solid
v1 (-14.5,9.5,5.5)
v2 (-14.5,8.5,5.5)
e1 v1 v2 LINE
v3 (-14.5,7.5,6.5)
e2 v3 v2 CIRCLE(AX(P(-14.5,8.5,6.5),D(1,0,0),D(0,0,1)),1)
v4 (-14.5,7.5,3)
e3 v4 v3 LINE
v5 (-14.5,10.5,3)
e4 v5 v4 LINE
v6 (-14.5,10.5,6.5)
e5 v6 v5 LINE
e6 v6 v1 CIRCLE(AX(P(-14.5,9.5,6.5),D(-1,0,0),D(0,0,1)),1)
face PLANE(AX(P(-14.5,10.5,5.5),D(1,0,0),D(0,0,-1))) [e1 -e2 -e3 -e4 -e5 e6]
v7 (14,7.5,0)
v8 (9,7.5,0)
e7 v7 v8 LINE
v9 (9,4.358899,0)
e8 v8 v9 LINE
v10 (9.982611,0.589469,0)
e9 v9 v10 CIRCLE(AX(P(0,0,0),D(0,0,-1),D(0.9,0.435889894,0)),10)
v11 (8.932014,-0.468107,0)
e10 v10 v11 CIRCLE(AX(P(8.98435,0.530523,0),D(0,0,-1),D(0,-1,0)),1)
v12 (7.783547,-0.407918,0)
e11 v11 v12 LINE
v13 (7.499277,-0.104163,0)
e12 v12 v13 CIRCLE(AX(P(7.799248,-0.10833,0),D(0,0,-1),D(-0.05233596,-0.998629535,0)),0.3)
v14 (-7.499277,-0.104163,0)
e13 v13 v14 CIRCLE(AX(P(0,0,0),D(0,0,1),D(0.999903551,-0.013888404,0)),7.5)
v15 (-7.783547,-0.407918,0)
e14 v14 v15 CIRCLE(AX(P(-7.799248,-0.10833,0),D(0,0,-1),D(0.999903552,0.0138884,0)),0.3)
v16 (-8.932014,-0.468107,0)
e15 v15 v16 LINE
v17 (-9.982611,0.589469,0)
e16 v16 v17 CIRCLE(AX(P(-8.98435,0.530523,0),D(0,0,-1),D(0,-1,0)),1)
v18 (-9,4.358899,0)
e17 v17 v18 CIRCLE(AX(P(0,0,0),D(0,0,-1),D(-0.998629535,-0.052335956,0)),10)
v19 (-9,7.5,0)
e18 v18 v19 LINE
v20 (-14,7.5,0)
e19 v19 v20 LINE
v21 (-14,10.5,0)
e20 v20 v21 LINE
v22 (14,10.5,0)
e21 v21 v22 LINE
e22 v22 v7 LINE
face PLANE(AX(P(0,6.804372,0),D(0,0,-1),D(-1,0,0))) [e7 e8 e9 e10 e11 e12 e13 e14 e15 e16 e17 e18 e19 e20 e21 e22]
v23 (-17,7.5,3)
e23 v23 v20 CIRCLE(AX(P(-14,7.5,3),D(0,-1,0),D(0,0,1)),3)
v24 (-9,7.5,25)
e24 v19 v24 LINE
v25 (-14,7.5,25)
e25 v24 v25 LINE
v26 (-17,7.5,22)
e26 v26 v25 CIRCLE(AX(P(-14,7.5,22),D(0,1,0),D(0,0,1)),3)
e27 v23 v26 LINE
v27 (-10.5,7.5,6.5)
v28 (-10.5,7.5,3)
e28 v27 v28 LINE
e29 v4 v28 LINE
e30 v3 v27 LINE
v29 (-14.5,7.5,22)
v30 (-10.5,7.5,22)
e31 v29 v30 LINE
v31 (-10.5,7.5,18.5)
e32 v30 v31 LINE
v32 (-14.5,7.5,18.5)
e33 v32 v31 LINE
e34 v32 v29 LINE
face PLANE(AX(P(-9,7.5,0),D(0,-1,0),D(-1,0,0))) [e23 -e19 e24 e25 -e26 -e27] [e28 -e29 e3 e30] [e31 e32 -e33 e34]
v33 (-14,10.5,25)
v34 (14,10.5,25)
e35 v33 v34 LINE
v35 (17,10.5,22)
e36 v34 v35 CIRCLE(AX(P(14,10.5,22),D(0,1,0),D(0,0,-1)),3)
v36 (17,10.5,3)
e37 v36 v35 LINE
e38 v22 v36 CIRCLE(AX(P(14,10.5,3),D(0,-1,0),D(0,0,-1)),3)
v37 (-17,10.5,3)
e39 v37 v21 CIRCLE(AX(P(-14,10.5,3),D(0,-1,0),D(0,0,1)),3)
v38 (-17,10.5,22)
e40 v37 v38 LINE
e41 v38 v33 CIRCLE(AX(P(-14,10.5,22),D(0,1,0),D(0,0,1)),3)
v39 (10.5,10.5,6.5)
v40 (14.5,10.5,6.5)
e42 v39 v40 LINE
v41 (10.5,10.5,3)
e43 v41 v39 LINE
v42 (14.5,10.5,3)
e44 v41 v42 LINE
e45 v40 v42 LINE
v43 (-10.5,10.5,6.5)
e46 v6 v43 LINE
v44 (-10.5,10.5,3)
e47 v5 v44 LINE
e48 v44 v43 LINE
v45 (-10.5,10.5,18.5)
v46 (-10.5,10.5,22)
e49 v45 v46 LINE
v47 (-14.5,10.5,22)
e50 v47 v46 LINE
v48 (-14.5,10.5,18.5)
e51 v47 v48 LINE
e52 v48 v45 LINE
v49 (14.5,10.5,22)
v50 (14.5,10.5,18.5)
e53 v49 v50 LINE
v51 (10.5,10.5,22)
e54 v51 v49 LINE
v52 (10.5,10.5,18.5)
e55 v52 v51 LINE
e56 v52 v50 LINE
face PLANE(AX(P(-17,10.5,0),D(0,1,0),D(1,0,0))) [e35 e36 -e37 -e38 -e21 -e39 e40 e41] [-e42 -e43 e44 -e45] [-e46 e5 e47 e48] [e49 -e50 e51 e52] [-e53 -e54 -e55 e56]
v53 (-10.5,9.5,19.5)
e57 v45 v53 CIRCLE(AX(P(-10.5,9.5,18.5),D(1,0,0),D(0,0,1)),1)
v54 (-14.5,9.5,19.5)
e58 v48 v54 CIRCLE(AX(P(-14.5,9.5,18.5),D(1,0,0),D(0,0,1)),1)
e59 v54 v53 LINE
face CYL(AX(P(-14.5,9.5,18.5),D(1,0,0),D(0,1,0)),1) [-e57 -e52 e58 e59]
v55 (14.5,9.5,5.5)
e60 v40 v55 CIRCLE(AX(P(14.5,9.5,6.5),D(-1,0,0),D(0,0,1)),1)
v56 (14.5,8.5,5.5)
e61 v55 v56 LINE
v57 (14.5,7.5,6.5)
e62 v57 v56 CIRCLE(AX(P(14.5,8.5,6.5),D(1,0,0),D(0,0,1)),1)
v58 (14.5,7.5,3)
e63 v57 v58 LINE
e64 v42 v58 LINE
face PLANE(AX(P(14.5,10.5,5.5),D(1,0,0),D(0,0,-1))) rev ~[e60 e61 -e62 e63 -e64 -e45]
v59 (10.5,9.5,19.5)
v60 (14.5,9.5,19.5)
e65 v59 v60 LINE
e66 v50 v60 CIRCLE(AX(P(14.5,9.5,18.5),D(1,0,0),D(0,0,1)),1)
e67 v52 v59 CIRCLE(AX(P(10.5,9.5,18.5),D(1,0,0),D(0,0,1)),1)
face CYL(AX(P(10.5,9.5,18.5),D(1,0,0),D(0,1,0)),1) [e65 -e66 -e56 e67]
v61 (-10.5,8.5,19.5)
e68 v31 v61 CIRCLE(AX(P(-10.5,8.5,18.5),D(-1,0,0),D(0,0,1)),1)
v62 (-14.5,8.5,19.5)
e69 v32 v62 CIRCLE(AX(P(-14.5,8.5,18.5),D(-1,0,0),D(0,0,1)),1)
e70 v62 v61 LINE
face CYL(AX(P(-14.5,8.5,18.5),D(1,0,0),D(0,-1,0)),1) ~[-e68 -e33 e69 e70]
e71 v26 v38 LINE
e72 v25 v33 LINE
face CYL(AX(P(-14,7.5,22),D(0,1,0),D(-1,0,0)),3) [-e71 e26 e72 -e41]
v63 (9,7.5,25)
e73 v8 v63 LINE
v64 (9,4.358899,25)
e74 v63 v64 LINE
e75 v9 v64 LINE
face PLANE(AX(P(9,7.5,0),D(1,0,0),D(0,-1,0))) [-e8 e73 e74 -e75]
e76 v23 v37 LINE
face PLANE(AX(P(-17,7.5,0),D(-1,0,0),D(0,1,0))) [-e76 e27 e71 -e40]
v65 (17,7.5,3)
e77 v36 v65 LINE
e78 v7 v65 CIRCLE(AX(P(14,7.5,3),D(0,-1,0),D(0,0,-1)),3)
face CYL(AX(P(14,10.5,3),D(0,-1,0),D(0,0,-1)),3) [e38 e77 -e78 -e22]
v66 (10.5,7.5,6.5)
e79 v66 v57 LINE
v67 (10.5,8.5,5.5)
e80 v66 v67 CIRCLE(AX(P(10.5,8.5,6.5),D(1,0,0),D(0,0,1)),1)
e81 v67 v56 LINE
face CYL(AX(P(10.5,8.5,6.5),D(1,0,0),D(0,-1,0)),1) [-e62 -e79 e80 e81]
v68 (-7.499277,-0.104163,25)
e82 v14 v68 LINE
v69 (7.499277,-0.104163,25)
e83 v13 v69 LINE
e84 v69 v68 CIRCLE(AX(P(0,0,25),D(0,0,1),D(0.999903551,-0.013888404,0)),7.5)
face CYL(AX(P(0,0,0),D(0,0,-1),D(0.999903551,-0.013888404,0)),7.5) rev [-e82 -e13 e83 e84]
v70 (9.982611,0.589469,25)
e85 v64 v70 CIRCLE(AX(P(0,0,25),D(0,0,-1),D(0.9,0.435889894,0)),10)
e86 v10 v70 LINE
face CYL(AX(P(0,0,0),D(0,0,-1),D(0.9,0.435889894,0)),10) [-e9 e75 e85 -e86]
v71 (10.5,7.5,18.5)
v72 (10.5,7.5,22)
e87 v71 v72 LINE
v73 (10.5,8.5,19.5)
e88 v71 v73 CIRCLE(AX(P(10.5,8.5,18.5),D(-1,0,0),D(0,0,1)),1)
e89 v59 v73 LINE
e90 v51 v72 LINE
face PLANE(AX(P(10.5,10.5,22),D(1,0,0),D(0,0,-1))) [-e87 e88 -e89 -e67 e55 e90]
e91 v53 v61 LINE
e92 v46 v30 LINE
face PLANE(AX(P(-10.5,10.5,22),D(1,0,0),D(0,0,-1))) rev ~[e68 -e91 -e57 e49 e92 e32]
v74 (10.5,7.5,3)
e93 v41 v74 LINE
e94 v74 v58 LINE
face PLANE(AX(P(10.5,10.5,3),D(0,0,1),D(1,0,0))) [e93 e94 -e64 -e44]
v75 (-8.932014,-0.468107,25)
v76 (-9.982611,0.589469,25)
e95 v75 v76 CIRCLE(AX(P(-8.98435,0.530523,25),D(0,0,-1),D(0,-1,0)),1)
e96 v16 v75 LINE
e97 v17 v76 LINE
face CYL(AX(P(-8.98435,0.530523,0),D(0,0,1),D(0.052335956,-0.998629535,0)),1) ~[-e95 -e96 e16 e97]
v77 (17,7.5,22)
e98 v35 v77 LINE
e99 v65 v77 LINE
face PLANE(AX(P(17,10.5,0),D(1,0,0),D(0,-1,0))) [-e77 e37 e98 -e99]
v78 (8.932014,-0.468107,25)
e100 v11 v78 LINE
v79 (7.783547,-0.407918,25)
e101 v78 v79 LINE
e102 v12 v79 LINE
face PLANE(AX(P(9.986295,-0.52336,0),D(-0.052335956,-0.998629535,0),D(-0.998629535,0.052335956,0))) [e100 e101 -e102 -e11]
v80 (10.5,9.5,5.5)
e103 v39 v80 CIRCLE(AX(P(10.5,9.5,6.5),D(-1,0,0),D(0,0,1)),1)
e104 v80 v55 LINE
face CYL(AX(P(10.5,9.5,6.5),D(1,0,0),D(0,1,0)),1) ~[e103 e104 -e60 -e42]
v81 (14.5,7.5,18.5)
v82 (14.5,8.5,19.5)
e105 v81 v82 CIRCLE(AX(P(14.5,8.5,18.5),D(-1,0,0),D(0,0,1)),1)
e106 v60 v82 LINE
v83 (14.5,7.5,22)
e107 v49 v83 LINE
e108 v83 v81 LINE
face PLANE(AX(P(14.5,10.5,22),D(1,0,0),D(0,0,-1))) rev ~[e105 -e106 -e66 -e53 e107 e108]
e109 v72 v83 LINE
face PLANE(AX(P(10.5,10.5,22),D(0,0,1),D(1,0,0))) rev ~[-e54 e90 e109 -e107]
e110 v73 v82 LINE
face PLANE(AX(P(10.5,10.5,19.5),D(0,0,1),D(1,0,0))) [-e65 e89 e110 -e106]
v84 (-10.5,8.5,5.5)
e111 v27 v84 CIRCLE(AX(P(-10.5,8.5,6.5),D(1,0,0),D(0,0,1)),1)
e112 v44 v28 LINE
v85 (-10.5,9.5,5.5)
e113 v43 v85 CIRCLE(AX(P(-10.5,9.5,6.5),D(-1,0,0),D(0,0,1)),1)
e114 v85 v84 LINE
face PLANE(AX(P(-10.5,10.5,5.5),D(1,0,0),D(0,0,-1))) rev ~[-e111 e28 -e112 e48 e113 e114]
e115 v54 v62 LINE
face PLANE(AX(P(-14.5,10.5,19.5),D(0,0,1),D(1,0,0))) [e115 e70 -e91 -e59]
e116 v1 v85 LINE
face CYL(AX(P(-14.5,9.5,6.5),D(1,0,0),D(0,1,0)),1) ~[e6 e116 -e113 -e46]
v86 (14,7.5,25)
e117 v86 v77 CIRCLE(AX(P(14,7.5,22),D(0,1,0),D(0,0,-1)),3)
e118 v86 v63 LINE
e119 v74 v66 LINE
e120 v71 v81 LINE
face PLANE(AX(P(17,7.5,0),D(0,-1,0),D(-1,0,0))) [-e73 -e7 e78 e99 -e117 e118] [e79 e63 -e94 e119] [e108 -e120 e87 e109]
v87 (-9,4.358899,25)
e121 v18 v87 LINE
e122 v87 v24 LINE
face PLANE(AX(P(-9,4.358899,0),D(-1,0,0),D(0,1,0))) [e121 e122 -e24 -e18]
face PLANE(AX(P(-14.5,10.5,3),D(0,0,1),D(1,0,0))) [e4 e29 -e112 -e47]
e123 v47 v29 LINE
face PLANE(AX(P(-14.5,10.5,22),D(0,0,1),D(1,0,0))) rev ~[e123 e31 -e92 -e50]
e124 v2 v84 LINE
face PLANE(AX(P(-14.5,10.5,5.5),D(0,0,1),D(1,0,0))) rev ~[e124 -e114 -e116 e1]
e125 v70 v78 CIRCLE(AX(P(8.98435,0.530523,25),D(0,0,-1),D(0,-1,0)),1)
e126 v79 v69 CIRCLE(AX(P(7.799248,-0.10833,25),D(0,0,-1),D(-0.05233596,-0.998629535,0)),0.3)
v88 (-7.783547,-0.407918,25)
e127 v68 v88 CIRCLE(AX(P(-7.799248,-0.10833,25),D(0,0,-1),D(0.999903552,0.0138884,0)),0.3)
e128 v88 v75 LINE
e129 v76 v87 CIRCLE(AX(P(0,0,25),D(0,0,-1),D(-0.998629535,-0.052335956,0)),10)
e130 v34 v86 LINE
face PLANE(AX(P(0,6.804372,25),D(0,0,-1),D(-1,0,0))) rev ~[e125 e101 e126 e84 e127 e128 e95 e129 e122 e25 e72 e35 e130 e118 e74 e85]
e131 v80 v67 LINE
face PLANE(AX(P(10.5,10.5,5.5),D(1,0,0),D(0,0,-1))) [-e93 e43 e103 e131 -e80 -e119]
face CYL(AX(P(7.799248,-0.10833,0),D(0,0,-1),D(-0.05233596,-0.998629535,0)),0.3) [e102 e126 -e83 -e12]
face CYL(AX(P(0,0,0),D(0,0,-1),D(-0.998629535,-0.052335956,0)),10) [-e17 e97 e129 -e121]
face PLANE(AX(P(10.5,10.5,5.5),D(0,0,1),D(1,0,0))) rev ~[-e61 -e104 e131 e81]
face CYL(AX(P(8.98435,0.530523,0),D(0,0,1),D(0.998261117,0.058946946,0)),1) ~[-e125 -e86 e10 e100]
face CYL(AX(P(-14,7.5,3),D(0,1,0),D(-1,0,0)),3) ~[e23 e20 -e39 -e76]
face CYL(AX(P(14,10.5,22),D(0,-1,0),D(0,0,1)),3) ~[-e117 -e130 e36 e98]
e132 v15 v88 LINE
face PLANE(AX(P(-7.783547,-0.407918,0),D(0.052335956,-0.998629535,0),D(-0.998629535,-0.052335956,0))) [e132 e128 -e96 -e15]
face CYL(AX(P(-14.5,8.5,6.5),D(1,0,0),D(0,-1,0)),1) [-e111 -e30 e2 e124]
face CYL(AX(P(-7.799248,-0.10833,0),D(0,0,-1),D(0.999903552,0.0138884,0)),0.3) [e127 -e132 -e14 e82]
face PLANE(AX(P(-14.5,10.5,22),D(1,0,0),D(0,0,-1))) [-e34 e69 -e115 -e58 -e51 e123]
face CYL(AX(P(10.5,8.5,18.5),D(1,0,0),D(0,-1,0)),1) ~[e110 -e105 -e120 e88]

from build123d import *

# Parameters (mm, degrees)
RESSALTO_EXTRUS_O1_DEPTH = 25
FILETE1_R                = 1
CORTE_EXTRUS_O1_REACH    = 34.161
ESBO_O3_W                = 4
ESBO_O3_H                = 2.5
FILETE2_R                = 1
FILETE3_R                = 3


with BuildPart() as part:
    # Esboço1 → Ressalto-extrusão1 (new body)
    with BuildSketch(Plane.XY):
        with BuildLine():
            Line((-17, 10.5), (17, 10.5))
            Line((17, 10.5), (17, 7.5))
            Line((17, 7.5), (9, 7.5))
            Line((9, 7.5), (9, 4.358898944))
            ThreePointArc((9, 4.358898944), (9.801987798, 1.980160401), (9.986295348, -0.523359562))
            Line((9.986295348, -0.523359562), (7.783546915, -0.407918409))
            ThreePointArc((7.783546915, -0.407918409), (7.580206581, -0.313319761), (7.499276636, -0.104163027))
            ThreePointArc((7.499276636, -0.104163027), (0, 7.5), (-7.499276636, -0.104163027))
            ThreePointArc((-7.499276636, -0.104163027), (-7.580206581, -0.313319761), (-7.783546915, -0.407918409))
            Line((-7.783546915, -0.407918409), (-9.986295348, -0.523359562))
            ThreePointArc((-9.986295348, -0.523359562), (-9.801987798, 1.980160401), (-9, 4.358898944))
            Line((-9, 4.358898944), (-9, 7.5))
            Line((-9, 7.5), (-17, 7.5))
            Line((-17, 7.5), (-17, 10.5))
        make_face()
    extrude(amount=RESSALTO_EXTRUS_O1_DEPTH)

    # Filete1
    filete1_edges = [part.edges().sort_by_distance(p)[0] for p in [
        (-9.986295348, -0.523359562, 12.5),
        (9.986295348, -0.523359562, 12.5),
    ]]
    fillet(filete1_edges, radius=FILETE1_R)

    # Esboço3 → Corte-extrusão1 (cut, up to next)
    with BuildSketch(Plane(origin=(0, 10.5, 0), x_dir=(1, 0, 0), z_dir=(0, 1, 0)), mode=Mode.PRIVATE) as corte_extrus_o1_sk1:
        with Locations((-12.5, -4.25)):
            Rectangle(ESBO_O3_W, ESBO_O3_H)
    corte_extrus_o1_tool1 = extrude(corte_extrus_o1_sk1.sketch, amount=-CORTE_EXTRUS_O1_REACH, mode=Mode.PRIVATE) & part.part
    # Esboço3 → Corte-extrusão1 (cut, up to next)
    with BuildSketch(Plane(origin=(0, 10.5, 0), x_dir=(1, 0, 0), z_dir=(0, 1, 0)), mode=Mode.PRIVATE) as corte_extrus_o1_sk2:
        with Locations((-12.5, -20.75)):
            Rectangle(ESBO_O3_W, ESBO_O3_H)
    corte_extrus_o1_tool2 = extrude(corte_extrus_o1_sk2.sketch, amount=-CORTE_EXTRUS_O1_REACH, mode=Mode.PRIVATE) & part.part
    # Esboço3 → Corte-extrusão1 (cut, up to next)
    with BuildSketch(Plane(origin=(0, 10.5, 0), x_dir=(1, 0, 0), z_dir=(0, 1, 0)), mode=Mode.PRIVATE) as corte_extrus_o1_sk3:
        with Locations((12.5, -20.75)):
            Rectangle(ESBO_O3_W, ESBO_O3_H)
    corte_extrus_o1_tool3 = extrude(corte_extrus_o1_sk3.sketch, amount=-CORTE_EXTRUS_O1_REACH, mode=Mode.PRIVATE) & part.part
    # Esboço3 → Corte-extrusão1 (cut, up to next)
    with BuildSketch(Plane(origin=(0, 10.5, 0), x_dir=(1, 0, 0), z_dir=(0, 1, 0)), mode=Mode.PRIVATE) as corte_extrus_o1_sk4:
        with Locations((12.5, -4.25)):
            Rectangle(ESBO_O3_W, ESBO_O3_H)
    corte_extrus_o1_tool4 = extrude(corte_extrus_o1_sk4.sketch, amount=-CORTE_EXTRUS_O1_REACH, mode=Mode.PRIVATE) & part.part
    add(corte_extrus_o1_tool1.solids().sort_by_distance((-12.5, 10.5, 4.25))[0], mode=Mode.SUBTRACT)
    add(corte_extrus_o1_tool2.solids().sort_by_distance((-12.5, 10.5, 20.75))[0], mode=Mode.SUBTRACT)
    add(corte_extrus_o1_tool3.solids().sort_by_distance((12.5, 10.5, 20.75))[0], mode=Mode.SUBTRACT)
    add(corte_extrus_o1_tool4.solids().sort_by_distance((12.5, 10.5, 4.25))[0], mode=Mode.SUBTRACT)

    # Filete2
    filete2_edges = [part.edges().sort_by_distance(p)[0] for p in [
        (12.5, 10.5, 5.5),
        (12.5, 7.5, 5.5),
        (12.5, 10.5, 19.5),
        (12.5, 7.5, 19.5),
        (-12.5, 10.5, 19.5),
        (-12.5, 7.5, 19.5),
        (-12.5, 10.5, 5.5),
        (-12.5, 7.5, 5.5),
    ]]
    fillet(filete2_edges, radius=FILETE2_R)

    # Filete3
    filete3_edges = [part.edges().sort_by_distance(p)[0] for p in [
        (-17, 9, 0),
        (17, 9, 0),
        (17, 9, 25),
        (-17, 9, 25),
    ]]
    fillet(filete3_edges, radius=FILETE3_R)


solid = part.part
